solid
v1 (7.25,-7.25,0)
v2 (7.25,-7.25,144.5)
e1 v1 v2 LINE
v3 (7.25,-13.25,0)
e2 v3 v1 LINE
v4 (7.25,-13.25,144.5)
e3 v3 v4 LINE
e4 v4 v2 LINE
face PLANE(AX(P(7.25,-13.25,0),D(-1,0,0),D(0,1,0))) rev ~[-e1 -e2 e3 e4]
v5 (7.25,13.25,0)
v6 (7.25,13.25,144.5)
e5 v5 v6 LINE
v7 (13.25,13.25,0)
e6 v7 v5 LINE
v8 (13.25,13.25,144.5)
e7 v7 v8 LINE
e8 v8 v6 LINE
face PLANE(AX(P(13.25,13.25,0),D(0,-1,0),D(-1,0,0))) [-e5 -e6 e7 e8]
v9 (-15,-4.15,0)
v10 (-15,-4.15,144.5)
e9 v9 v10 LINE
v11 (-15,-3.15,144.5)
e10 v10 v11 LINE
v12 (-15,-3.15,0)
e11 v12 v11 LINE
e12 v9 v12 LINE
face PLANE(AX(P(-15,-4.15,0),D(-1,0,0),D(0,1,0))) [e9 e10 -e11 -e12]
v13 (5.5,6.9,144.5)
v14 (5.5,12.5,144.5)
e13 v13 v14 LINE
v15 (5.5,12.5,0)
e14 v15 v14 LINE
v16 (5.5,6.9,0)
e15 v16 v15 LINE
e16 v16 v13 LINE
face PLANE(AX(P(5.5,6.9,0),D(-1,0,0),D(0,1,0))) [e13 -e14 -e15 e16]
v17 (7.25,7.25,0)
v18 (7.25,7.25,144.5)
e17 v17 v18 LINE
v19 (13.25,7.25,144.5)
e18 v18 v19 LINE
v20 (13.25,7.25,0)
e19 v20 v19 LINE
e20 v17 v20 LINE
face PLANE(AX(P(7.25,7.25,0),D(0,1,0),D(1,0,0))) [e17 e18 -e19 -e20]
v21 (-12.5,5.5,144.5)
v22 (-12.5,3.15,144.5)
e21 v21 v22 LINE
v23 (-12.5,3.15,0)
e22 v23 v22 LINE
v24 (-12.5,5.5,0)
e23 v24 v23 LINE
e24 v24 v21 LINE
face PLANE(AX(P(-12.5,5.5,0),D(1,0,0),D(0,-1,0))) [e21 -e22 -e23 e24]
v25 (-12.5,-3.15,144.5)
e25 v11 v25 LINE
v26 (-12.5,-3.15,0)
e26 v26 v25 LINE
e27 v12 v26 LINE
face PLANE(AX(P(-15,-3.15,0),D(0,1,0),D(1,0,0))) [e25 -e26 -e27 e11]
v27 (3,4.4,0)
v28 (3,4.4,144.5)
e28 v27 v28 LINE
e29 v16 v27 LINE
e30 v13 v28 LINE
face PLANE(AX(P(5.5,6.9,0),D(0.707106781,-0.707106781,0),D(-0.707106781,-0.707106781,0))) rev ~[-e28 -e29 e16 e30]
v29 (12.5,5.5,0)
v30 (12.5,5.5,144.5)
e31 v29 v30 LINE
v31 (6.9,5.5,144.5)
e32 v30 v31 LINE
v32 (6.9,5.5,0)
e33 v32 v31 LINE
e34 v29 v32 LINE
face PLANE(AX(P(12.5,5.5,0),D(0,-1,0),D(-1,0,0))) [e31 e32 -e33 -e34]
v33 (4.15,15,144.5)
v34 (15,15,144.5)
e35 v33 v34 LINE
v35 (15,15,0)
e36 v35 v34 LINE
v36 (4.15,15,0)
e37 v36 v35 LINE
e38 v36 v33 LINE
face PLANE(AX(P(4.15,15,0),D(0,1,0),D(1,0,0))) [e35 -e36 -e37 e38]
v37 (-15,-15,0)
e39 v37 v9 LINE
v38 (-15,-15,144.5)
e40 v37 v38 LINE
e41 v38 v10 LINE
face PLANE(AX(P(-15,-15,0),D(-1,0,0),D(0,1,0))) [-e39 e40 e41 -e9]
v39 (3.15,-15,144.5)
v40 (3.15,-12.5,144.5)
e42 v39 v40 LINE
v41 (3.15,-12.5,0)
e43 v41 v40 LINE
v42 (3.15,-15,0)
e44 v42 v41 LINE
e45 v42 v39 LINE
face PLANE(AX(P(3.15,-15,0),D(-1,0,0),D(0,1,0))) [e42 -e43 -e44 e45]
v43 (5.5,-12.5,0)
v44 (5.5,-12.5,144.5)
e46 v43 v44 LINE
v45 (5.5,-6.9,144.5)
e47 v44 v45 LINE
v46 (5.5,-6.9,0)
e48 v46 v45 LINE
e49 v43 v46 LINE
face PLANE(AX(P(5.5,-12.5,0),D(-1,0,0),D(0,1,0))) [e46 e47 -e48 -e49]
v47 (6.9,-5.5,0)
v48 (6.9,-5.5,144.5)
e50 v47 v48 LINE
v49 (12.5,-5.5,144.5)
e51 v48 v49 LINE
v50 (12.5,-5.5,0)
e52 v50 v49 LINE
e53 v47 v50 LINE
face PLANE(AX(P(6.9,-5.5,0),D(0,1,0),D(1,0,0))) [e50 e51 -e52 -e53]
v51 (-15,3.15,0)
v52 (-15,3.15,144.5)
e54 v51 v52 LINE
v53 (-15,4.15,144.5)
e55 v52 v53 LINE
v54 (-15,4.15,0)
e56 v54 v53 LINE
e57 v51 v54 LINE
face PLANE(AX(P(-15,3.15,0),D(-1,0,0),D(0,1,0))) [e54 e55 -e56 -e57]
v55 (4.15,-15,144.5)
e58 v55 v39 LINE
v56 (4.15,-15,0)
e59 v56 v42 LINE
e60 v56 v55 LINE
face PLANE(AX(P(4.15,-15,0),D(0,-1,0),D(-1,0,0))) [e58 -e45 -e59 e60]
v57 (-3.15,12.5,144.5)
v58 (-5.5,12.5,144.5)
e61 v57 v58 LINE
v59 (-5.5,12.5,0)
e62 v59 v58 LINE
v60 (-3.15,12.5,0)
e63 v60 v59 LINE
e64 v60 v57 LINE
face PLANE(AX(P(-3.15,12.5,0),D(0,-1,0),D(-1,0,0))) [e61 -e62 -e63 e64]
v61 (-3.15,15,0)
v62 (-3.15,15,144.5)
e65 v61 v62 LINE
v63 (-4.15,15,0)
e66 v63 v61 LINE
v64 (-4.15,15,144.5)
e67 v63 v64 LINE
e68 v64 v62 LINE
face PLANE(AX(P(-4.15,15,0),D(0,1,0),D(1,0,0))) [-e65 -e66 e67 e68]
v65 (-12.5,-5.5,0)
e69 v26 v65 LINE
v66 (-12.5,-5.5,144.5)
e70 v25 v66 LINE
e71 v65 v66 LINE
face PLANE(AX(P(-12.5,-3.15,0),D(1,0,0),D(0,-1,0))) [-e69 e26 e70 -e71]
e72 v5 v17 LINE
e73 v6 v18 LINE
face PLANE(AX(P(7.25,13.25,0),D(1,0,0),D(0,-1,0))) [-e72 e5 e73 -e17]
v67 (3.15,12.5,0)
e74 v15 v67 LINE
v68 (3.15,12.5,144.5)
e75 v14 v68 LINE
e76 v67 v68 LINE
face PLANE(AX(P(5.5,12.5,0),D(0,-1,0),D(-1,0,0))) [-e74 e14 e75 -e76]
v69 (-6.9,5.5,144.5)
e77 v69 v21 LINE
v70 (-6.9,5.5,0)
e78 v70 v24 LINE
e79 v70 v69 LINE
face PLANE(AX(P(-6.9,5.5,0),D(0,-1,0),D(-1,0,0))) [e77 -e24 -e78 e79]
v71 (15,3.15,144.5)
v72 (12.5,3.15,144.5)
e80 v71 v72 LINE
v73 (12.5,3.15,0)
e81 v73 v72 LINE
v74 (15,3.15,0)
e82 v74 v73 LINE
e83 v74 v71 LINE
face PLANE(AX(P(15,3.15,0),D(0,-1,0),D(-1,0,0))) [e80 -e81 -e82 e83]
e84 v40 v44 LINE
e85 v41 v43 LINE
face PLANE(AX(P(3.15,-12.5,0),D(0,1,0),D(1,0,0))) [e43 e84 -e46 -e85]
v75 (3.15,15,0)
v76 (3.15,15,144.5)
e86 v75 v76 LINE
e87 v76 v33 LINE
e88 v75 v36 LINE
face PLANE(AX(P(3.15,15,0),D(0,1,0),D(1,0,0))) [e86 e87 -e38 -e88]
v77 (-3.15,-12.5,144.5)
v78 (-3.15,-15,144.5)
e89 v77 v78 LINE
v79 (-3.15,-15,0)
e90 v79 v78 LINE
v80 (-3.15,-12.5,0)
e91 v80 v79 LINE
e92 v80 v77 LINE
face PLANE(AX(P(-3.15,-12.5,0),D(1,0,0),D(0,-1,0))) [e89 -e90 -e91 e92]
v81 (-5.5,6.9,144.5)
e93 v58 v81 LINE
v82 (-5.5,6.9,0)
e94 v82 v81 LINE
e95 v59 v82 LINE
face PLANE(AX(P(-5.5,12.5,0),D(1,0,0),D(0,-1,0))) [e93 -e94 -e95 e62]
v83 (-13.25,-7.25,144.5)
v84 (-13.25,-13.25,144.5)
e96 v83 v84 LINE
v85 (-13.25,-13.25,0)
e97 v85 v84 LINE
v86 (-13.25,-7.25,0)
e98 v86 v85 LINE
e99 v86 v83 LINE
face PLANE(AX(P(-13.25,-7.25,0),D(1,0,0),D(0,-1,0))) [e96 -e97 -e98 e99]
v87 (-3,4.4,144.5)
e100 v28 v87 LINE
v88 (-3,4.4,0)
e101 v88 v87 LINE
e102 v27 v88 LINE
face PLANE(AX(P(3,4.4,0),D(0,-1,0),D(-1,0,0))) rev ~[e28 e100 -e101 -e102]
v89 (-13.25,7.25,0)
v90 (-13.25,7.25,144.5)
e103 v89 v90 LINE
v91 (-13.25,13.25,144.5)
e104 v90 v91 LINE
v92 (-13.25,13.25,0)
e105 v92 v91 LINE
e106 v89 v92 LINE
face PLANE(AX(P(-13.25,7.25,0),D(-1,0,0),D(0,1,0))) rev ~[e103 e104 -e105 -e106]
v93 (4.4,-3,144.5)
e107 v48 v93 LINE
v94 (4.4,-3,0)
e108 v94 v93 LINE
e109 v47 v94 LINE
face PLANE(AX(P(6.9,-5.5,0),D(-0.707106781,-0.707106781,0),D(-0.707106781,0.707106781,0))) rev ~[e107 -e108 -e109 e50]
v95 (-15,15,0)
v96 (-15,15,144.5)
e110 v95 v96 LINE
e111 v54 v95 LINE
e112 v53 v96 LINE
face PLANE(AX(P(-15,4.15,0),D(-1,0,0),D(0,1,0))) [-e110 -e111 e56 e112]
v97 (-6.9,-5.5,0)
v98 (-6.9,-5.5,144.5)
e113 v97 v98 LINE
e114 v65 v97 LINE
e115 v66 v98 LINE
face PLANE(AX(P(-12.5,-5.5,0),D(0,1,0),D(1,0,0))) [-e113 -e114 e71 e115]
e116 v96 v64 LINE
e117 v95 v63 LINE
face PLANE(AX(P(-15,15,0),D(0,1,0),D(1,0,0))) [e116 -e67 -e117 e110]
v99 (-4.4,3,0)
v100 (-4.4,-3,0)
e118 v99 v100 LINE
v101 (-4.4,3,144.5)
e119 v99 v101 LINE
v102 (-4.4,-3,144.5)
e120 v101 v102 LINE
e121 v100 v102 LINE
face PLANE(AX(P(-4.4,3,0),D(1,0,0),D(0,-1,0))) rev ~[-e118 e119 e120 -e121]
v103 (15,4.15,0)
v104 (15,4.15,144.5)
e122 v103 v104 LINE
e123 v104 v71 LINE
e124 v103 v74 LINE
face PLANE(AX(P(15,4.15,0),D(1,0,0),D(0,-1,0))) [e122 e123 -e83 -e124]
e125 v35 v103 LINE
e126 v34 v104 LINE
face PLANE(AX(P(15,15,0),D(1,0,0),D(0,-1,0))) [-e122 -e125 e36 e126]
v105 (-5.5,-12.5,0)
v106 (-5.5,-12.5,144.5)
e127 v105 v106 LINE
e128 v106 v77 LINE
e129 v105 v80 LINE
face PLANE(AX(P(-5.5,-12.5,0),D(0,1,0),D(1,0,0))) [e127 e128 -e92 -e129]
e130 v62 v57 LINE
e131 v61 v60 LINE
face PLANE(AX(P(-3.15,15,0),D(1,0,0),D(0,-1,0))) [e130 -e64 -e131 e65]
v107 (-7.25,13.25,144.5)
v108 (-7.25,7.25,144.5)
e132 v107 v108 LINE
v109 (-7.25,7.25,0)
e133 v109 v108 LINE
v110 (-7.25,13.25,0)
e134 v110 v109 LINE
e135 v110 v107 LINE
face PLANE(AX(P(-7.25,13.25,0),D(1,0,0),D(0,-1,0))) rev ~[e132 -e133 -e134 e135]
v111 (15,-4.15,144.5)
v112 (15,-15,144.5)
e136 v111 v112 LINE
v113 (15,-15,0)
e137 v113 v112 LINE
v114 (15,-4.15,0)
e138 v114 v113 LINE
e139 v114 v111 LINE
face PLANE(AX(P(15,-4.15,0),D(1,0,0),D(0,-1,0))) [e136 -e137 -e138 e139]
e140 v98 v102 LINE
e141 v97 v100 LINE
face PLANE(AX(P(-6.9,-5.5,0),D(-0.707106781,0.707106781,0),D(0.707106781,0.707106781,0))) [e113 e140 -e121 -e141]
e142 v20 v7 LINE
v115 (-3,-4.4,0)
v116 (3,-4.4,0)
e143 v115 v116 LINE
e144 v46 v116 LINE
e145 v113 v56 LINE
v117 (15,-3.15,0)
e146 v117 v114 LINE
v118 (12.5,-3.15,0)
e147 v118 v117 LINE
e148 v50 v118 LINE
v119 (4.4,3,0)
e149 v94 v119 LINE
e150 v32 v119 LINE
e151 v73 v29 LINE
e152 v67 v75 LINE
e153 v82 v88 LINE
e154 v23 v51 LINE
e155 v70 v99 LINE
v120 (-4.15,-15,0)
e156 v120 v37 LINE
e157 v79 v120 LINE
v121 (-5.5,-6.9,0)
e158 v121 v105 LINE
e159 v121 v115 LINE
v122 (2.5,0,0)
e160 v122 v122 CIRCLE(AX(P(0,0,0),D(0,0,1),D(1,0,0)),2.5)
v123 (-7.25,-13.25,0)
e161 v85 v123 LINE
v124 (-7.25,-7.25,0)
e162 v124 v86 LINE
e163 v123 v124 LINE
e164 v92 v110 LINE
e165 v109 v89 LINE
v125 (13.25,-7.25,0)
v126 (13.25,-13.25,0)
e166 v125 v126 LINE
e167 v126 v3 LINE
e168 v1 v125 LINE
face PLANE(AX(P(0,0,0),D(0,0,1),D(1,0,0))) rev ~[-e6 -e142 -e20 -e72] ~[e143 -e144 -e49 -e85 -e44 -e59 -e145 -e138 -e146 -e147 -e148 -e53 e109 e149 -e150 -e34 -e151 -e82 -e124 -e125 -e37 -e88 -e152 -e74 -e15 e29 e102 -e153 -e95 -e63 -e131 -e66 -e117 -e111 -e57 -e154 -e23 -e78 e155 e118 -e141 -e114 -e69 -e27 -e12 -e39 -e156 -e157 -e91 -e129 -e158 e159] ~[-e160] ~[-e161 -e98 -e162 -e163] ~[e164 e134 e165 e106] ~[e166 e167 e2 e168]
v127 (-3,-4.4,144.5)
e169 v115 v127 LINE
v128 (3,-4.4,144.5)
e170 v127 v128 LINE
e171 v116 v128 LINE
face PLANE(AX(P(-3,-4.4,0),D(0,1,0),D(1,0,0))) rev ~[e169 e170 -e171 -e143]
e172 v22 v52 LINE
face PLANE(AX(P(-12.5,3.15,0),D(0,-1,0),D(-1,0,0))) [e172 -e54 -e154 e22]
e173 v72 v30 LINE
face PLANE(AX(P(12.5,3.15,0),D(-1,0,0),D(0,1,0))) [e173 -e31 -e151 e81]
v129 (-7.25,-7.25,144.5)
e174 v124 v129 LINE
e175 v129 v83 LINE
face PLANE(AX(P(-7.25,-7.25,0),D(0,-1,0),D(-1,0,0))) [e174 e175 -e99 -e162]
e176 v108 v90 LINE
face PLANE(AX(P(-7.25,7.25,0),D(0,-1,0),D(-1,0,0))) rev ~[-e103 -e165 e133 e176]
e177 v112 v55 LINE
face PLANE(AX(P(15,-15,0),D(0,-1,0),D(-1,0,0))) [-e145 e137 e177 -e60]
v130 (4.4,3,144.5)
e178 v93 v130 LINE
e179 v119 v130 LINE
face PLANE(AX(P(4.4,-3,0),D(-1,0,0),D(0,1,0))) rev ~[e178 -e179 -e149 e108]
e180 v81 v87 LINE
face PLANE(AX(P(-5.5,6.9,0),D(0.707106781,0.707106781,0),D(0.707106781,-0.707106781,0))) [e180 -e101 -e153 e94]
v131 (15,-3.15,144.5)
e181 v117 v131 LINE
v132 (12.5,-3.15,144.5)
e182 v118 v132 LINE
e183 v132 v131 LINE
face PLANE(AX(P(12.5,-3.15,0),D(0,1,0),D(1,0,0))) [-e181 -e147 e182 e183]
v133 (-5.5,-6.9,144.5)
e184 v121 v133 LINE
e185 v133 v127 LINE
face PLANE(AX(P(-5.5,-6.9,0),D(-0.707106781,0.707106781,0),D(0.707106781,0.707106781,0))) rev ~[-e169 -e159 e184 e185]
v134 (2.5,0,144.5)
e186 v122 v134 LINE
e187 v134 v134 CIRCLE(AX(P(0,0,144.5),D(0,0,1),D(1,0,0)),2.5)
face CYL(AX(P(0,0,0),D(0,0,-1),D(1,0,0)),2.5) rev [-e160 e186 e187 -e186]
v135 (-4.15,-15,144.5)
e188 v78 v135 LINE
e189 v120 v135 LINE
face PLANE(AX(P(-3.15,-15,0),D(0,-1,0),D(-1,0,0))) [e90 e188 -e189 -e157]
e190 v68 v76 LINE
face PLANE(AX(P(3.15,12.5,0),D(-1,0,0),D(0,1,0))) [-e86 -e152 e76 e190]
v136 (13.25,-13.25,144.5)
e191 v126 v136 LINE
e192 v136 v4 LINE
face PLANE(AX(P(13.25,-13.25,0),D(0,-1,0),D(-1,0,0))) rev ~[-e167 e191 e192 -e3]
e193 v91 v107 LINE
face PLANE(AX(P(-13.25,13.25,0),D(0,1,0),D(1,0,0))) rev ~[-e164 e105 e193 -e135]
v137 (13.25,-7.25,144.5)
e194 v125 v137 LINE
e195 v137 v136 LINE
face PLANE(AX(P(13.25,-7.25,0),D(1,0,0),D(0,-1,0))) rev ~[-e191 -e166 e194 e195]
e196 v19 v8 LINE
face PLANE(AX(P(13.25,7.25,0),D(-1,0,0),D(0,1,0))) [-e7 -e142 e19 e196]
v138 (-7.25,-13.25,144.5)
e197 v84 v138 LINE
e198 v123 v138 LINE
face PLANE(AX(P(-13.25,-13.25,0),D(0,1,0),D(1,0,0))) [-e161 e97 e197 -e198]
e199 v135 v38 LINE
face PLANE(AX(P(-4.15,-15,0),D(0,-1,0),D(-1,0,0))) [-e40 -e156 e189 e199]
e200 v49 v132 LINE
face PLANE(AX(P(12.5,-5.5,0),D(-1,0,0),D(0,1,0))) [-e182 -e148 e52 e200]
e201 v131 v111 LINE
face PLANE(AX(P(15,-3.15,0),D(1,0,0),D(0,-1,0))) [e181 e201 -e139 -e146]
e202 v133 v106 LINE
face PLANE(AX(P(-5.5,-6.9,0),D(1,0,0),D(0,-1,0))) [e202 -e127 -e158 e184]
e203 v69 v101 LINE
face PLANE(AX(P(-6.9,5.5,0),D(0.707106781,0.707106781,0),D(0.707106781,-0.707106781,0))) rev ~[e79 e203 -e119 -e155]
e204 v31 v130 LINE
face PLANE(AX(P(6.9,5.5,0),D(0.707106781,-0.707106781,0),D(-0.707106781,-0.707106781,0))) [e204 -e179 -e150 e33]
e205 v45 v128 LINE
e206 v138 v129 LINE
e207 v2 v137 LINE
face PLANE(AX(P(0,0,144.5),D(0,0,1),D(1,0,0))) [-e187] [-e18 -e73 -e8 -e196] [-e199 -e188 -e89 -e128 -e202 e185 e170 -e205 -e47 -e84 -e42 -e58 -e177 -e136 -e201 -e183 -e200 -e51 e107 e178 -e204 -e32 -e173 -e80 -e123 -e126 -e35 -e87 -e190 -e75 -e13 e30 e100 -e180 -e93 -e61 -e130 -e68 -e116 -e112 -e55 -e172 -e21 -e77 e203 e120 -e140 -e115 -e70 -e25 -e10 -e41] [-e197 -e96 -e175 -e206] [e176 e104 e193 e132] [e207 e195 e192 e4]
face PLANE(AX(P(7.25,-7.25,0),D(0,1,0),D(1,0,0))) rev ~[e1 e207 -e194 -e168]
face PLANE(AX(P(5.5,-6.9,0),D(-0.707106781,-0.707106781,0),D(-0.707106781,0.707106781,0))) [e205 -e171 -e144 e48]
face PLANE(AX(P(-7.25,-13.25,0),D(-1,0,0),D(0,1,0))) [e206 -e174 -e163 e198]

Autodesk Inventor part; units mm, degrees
ref_plane "YZ Plane" through (0, 0, 0) normal (1, 0, 0) x (0, 1, 0)
ref_plane "XZ Plane" through (0, 0, 0) normal (0, 1, 0) x (-1, 0, 0)
ref_plane "XY Plane" through (0, 0, 0) normal (0, 0, 1) x (1, 0, 0)
sketch "스케치1" plane through (0, 0, 0) normal (0, 0, 1) x (1, 0, 0)
  line L0 (15, -15) -> (-15, -15)
  line L1 (-15, -15) -> (-15, 15)
  line L2 (-15, 15) -> (15, 15)
  line L3 (15, 15) -> (15, -15)
  circle A0 centre (0, 0) radius 2.5
  line L4 (-3.15, -15) -> (3.15, -15)
  line L5 (-4.15, -15) -> (4.15, -15)
  line L6 (3.15, -15) -> (3.15, -12.5)
  line L7 (-3.15, -12.5) -> (-3.15, -15)
  line L8 (-5.5, -12.5) -> (5.5, -12.5)
  line L9 (5.5, -12.5) -> (5.5, -6.9)
  line L10 (-5.5, -6.9) -> (-5.5, -12.5)
  line L11 (-5.5, -6.9) -> (-3, -4.4)
  line L12 (5.5, -6.9) -> (3, -4.4)
  line L13 (-3, -4.4) -> (3, -4.4)
  line L14 (-13.25, -13.25) -> (-7.25, -13.25)
  line L15 (-7.25, -13.25) -> (-7.25, -7.25)
  line L16 (-7.25, -7.25) -> (-13.25, -7.25)
  line L17 (-13.25, -7.25) -> (-13.25, -13.25)
  line L18 (0, 0) -> (-1, 0)
  line L19 (0, 0) -> (0, -1)
  line L20 (13.25, -13.25) -> (7.25, -13.25)
  line L21 (7.25, -13.25) -> (7.25, -7.25)
  line L22 (7.25, -7.25) -> (13.25, -7.25)
  line L23 (13.25, -7.25) -> (13.25, -13.25)
  line L24 (-13.25, 13.25) -> (-7.25, 13.25)
  line L25 (-7.25, 13.25) -> (-7.25, 7.25)
  line L26 (-7.25, 7.25) -> (-13.25, 7.25)
  line L27 (-13.25, 7.25) -> (-13.25, 13.25)
  line L28 (13.25, 7.25) -> (13.25, 13.25)
  line L29 (13.25, 13.25) -> (7.25, 13.25)
  line L30 (7.25, 13.25) -> (7.25, 7.25)
  line L31 (7.25, 7.25) -> (13.25, 7.25)
  line L32 (6.9, 5.5) -> (4.4, 3)
  line L33 (12.5, 5.5) -> (6.9, 5.5)
  line L34 (15, -3.15) -> (15, 3.15)
  line L35 (15, -4.15) -> (15, 4.15)
  line L36 (15, 3.15) -> (12.5, 3.15)
  line L37 (12.5, -3.15) -> (15, -3.15)
  line L38 (12.5, -5.5) -> (12.5, 5.5)
  line L39 (6.9, -5.5) -> (12.5, -5.5)
  line L40 (4.4, -3) -> (4.4, 3)
  line L41 (6.9, -5.5) -> (4.4, -3)
  line L42 (-5.5, 6.9) -> (-3, 4.4)
  line L43 (-5.5, 12.5) -> (-5.5, 6.9)
  line L44 (3.15, 15) -> (-3.15, 15)
  line L45 (4.15, 15) -> (-4.15, 15)
  line L46 (-3.15, 15) -> (-3.15, 12.5)
  line L47 (3.15, 12.5) -> (3.15, 15)
  line L48 (5.5, 12.5) -> (-5.5, 12.5)
  line L49 (5.5, 6.9) -> (5.5, 12.5)
  line L50 (3, 4.4) -> (-3, 4.4)
  line L51 (5.5, 6.9) -> (3, 4.4)
  line L52 (-6.9, -5.5) -> (-4.4, -3)
  line L53 (-12.5, -5.5) -> (-6.9, -5.5)
  line L54 (-15, 3.15) -> (-15, -3.15)
  line L55 (-15, 4.15) -> (-15, -4.15)
  line L56 (-15, -3.15) -> (-12.5, -3.15)
  line L57 (-12.5, 3.15) -> (-15, 3.15)
  line L58 (-12.5, 5.5) -> (-12.5, -5.5)
  line L59 (-6.9, 5.5) -> (-12.5, 5.5)
  line L60 (-4.4, 3) -> (-4.4, -3)
  line L61 (-6.9, 5.5) -> (-4.4, 3)
  dimension "d0" = 30
  dimension "d1" = 30
  dimension "d4" = 6.3
  dimension "d20" = 6
  dimension "d21" = 6
  dimension "d22" = 1
  dimension "d23" = 1
  dimension "d26" = 360
extrude "돌출1" add sketch "스케치1" along normal blind 144.5 contours L0 L6 L8 L9 L12 L13 L11 L10 L7 L1 L56 L58 L53 L52 L60 L61 L59 L57 L2 L46 L48 L43 L42 L50 L51 L49 L47 L3 L36 L38 L33 L32 L40 L41 L39 L37
properties part number "profile" material "알루미늄 6061"
